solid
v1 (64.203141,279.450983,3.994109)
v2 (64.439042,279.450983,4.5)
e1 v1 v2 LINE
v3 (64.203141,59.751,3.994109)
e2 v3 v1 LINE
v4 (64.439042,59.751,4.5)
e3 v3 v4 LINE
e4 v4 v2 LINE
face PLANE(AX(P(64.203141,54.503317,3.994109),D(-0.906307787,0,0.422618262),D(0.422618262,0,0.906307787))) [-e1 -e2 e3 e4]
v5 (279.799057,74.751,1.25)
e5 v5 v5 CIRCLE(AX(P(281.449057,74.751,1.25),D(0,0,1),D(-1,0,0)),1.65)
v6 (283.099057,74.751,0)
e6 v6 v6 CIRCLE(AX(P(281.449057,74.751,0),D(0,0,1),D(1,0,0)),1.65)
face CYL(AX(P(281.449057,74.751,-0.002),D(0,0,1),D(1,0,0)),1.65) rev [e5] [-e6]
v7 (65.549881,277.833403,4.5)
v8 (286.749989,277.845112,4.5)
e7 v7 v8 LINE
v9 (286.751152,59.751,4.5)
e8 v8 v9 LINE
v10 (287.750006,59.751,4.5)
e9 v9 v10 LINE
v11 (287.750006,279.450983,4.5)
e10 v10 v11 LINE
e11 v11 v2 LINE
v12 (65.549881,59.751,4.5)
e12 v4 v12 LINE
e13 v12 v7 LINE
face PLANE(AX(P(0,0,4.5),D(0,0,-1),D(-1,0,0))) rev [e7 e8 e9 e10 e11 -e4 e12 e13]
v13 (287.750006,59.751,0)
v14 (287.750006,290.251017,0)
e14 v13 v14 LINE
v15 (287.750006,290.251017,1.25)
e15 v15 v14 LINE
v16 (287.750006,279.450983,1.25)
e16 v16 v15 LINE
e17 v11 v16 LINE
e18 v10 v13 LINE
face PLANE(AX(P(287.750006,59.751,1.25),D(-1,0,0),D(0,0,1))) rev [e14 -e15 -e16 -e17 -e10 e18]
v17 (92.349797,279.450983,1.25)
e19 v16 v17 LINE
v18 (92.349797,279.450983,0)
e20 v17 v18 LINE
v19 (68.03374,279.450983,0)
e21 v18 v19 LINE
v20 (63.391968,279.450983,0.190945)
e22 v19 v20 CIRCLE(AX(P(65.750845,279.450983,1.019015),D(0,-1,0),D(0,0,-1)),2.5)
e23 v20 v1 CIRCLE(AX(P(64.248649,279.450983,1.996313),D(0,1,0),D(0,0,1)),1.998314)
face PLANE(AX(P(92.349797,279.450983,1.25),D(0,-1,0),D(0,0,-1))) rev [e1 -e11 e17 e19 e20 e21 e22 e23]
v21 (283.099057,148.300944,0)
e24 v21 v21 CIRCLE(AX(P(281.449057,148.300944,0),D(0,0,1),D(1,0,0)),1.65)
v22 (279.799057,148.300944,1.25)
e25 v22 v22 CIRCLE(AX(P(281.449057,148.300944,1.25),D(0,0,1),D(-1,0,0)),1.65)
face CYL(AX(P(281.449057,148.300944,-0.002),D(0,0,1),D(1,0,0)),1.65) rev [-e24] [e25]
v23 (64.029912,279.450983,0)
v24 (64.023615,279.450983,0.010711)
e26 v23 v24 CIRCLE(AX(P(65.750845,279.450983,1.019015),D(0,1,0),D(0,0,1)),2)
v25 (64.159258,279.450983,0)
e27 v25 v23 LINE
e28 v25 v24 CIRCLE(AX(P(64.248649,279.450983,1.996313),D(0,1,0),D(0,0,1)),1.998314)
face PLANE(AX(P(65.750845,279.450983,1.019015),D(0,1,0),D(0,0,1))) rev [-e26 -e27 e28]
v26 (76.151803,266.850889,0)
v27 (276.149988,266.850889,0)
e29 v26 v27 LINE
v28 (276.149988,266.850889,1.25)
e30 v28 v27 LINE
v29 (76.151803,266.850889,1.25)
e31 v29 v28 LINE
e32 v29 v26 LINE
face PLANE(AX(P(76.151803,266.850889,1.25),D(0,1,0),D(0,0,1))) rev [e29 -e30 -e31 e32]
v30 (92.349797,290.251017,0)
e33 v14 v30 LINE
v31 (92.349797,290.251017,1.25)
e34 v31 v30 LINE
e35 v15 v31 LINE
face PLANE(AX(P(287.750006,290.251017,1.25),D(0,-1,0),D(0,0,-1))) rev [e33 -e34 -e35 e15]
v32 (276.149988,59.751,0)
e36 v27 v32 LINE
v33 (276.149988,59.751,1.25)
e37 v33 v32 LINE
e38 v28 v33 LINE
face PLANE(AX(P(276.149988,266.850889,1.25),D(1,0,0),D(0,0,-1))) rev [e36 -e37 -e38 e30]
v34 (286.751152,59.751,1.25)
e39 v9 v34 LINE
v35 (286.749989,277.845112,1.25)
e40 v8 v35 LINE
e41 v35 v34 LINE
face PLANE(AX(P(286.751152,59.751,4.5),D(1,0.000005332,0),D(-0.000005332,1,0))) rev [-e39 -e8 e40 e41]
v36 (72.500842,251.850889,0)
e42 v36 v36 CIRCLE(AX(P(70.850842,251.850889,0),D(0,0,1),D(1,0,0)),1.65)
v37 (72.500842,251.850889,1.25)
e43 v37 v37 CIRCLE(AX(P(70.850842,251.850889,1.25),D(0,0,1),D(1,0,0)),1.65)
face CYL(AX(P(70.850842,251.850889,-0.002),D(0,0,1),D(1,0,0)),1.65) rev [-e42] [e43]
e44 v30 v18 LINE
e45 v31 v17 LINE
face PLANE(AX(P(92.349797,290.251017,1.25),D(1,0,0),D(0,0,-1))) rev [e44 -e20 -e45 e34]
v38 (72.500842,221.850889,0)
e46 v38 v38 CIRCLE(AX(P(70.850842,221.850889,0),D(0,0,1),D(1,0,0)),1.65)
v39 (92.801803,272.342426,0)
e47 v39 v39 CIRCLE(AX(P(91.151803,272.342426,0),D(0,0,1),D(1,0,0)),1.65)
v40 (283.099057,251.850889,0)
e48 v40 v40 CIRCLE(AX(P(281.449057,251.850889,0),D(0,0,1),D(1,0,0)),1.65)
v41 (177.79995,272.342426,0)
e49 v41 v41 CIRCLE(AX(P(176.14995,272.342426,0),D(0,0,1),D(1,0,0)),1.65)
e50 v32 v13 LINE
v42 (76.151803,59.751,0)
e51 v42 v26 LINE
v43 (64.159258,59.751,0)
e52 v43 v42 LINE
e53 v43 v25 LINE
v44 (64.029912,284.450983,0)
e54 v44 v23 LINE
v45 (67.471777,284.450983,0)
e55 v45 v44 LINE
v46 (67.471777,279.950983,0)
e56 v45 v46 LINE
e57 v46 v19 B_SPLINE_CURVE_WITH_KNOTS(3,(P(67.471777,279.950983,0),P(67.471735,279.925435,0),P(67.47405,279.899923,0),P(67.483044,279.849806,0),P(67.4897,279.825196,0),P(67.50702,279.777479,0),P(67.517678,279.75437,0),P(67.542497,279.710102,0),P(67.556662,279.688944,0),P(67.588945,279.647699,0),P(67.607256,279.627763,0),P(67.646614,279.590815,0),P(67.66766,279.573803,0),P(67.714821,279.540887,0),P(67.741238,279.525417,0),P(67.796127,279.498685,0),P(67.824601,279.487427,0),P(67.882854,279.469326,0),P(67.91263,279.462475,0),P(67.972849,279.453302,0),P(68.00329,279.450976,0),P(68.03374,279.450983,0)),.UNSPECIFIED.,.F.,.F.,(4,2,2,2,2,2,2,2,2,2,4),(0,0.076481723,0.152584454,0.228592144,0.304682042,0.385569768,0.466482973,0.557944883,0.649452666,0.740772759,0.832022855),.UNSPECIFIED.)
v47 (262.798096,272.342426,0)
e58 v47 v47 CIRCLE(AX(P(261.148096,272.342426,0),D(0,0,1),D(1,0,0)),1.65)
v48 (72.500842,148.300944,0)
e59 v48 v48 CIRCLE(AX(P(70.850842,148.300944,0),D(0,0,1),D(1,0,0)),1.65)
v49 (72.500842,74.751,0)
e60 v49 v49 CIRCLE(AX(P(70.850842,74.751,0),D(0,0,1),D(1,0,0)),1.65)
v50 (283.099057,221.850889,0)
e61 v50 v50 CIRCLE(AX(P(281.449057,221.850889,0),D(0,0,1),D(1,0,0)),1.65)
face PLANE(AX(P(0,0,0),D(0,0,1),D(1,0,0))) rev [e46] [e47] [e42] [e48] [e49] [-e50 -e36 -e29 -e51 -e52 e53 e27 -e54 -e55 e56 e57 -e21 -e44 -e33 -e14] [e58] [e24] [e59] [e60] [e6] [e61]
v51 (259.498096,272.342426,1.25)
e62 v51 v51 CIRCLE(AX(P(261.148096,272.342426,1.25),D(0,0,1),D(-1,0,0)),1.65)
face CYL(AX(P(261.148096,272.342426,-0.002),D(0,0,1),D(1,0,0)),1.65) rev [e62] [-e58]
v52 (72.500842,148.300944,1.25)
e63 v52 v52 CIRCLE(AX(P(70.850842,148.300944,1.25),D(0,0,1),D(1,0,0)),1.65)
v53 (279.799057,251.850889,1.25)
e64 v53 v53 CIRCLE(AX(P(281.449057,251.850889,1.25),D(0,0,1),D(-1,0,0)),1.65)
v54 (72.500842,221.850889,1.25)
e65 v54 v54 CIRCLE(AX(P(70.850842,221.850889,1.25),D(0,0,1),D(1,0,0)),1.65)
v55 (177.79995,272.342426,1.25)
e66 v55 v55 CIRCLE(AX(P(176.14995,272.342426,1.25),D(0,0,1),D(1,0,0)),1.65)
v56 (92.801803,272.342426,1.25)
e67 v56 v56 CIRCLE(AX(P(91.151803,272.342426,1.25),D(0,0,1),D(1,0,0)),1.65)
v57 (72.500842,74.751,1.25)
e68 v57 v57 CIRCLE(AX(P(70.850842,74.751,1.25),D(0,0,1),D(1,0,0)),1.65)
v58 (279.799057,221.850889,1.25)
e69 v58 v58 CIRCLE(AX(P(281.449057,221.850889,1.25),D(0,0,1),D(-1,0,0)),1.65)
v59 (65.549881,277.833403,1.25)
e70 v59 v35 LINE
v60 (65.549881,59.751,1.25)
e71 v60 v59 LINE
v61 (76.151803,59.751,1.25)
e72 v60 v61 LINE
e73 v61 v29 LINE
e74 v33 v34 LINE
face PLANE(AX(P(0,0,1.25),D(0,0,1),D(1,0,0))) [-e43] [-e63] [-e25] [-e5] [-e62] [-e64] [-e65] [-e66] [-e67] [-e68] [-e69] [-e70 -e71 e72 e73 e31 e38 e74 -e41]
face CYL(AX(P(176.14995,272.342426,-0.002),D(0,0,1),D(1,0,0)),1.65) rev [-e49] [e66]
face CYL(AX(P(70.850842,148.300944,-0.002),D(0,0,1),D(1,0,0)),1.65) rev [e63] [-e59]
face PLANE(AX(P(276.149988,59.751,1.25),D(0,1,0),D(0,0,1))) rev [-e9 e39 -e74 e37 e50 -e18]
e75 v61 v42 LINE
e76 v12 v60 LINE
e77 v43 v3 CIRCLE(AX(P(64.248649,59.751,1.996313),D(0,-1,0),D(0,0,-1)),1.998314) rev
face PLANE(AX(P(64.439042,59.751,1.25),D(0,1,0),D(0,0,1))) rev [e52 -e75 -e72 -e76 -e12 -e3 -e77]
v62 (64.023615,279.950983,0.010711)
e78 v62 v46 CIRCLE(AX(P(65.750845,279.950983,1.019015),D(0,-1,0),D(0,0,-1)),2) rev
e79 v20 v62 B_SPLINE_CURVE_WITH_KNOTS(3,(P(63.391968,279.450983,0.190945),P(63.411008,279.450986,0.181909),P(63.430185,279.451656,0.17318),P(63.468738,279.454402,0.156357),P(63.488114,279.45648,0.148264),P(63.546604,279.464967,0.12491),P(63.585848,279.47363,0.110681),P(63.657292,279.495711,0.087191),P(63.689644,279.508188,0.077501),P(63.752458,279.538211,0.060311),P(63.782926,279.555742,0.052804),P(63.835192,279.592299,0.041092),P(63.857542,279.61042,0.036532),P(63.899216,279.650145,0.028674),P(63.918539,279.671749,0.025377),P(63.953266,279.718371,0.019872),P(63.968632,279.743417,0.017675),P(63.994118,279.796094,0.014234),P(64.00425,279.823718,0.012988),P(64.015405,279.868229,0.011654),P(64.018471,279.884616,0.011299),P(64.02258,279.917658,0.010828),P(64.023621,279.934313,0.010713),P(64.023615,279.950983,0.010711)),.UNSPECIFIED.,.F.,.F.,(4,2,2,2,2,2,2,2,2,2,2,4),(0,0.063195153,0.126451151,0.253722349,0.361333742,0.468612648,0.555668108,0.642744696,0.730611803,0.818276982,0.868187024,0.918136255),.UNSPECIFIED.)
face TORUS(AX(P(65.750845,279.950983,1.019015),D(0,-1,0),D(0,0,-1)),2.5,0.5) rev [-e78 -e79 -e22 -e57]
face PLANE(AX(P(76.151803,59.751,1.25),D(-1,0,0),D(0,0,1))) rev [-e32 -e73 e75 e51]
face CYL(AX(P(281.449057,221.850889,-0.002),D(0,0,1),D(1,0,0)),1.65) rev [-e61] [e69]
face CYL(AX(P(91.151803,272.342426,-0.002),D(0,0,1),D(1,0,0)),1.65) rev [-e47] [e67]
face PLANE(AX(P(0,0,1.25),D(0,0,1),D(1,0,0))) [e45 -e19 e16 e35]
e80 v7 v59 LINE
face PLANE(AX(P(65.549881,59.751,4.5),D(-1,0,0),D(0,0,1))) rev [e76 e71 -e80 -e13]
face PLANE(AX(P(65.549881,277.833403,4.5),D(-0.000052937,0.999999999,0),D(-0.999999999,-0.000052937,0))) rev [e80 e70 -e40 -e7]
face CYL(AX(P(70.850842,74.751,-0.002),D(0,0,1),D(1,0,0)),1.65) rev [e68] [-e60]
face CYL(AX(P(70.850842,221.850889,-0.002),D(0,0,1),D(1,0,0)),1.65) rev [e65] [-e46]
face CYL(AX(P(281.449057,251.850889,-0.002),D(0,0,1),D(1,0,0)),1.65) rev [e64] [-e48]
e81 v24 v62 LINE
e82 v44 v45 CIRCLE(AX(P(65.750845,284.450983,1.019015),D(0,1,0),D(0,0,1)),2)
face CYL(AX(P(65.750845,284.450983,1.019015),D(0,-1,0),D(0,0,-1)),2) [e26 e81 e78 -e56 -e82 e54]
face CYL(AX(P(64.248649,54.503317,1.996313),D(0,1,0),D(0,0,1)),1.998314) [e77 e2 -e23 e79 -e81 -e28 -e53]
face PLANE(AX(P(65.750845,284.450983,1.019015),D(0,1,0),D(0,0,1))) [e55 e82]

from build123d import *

# Parameters (mm, degrees)
SALIENTE_EXTRUIR1_DEPTH = 1.25
SALIENTE_EXTRUIR2_DEPTH = 3.25
SALIENTE_EXTRUIR3_DEPTH = 219.699982554
SALIENTE_EXTRUIR4_DEPTH = 5
REDONDEO1_R             = 0.5
CROQUIS7_R              = 1.65
CORTAR_EXTRUIR1_DEPTH   = 409.725190141


with BuildPart() as part:
    # Croquis1 → Saliente-Extruir1 (new body)
    with BuildSketch(Plane.XY):
        Polygon((76.151803136, 59.751000255), (76.151803136, 266.850888729), (276.149988174, 266.850888729), (276.149988174, 59.751000255), (287.750005722, 59.751000255), (287.750005722, 290.251016617), (92.349797487, 290.251016617), (92.349797487, 279.450982809), (64.949996769, 279.450982809), (64.439042354, 59.751000255), align=None)
    extrude(amount=SALIENTE_EXTRUIR1_DEPTH)

    # Croquis3 → Saliente-Extruir2 (add)
    with BuildSketch(Plane.XY.offset(1.25)):
        Polygon((65.549881, 59.751000255), (65.549881, 277.83340256), (286.749988794, 277.845112205), (286.751151675, 59.751000255), (287.750005722, 59.751000255), (287.750005722, 279.450982809), (92.349797487, 279.450982809), (64.949996769, 279.450982809), (64.439042354, 59.751000255), align=None)
    extrude(amount=SALIENTE_EXTRUIR2_DEPTH)

    # Croquis4 → Saliente-Extruir3 (add)
    with BuildSketch(Plane(origin=(0, 279.450982809, 0), x_dir=(1, 0, 0), z_dir=(0, 1, 0))):
        with BuildLine():
            Line((64.20314146, -3.994108901), (64.439042354, -4.5))
            Line((64.439042354, -4.5), (64.949996769, -4.5))
            Line((64.949996769, -4.5), (64.949996769, 0))
            Line((64.949996769, 0), (64.159257759, 0))
            ThreePointArc((64.159257759, 0), (62.250455442, -2.018267743), (64.20314146, -3.994108901))
        make_face()
    extrude(amount=-SALIENTE_EXTRUIR3_DEPTH)

    # Croquis6 → Saliente-Extruir4 (add)
    with BuildSketch(Plane(origin=(0, 279.450982809, 0), x_dir=(1, 0, 0), z_dir=(0, 1, 0))):
        with BuildLine():
            Line((67.471777384, 0), (64.029912079, 0))
            ThreePointArc((64.029912079, 0), (65.750844731, -3.019014625), (67.471777384, 0))
        make_face()
    extrude(amount=SALIENTE_EXTRUIR4_DEPTH)

    # Redondeo1
    redondeo1_edges = [part.edges().sort_by_distance(p)[0] for p in [
        (65.757057169, 279.450982809, 3.019004976),
    ]]
    fillet(redondeo1_edges, radius=REDONDEO1_R)

    # Croquis7 → Cortar-Extruir1 (cut, through all)
    with BuildSketch(Plane.XY.offset(1.25)):
        with Locations((70.850842068, 74.751000255)):
            Circle(CROQUIS7_R)
        with Locations((70.850842068, 251.850888729)):
            Circle(CROQUIS7_R)
        with Locations((70.850842068, 221.850888729)):
            Circle(CROQUIS7_R)
        with Locations((70.850842068, 148.300944492)):
            Circle(CROQUIS7_R)
        with Locations((91.151803136, 272.342426261)):
            Circle(CROQUIS7_R)
        with Locations((176.149949567, 272.342426261)):
            Circle(CROQUIS7_R)
        with Locations((261.148095998, 272.342426261)):
            Circle(CROQUIS7_R)
        with Locations((281.449057067, 251.850888729)):
            Circle(CROQUIS7_R)
        with Locations((281.449057067, 221.850888729)):
            Circle(CROQUIS7_R)
        with Locations((281.449057067, 148.300944492)):
            Circle(CROQUIS7_R)
        with Locations((281.449057067, 74.751000255)):
            Circle(CROQUIS7_R)
    extrude(amount=-CORTAR_EXTRUIR1_DEPTH, mode=Mode.SUBTRACT)


solid = part.part
